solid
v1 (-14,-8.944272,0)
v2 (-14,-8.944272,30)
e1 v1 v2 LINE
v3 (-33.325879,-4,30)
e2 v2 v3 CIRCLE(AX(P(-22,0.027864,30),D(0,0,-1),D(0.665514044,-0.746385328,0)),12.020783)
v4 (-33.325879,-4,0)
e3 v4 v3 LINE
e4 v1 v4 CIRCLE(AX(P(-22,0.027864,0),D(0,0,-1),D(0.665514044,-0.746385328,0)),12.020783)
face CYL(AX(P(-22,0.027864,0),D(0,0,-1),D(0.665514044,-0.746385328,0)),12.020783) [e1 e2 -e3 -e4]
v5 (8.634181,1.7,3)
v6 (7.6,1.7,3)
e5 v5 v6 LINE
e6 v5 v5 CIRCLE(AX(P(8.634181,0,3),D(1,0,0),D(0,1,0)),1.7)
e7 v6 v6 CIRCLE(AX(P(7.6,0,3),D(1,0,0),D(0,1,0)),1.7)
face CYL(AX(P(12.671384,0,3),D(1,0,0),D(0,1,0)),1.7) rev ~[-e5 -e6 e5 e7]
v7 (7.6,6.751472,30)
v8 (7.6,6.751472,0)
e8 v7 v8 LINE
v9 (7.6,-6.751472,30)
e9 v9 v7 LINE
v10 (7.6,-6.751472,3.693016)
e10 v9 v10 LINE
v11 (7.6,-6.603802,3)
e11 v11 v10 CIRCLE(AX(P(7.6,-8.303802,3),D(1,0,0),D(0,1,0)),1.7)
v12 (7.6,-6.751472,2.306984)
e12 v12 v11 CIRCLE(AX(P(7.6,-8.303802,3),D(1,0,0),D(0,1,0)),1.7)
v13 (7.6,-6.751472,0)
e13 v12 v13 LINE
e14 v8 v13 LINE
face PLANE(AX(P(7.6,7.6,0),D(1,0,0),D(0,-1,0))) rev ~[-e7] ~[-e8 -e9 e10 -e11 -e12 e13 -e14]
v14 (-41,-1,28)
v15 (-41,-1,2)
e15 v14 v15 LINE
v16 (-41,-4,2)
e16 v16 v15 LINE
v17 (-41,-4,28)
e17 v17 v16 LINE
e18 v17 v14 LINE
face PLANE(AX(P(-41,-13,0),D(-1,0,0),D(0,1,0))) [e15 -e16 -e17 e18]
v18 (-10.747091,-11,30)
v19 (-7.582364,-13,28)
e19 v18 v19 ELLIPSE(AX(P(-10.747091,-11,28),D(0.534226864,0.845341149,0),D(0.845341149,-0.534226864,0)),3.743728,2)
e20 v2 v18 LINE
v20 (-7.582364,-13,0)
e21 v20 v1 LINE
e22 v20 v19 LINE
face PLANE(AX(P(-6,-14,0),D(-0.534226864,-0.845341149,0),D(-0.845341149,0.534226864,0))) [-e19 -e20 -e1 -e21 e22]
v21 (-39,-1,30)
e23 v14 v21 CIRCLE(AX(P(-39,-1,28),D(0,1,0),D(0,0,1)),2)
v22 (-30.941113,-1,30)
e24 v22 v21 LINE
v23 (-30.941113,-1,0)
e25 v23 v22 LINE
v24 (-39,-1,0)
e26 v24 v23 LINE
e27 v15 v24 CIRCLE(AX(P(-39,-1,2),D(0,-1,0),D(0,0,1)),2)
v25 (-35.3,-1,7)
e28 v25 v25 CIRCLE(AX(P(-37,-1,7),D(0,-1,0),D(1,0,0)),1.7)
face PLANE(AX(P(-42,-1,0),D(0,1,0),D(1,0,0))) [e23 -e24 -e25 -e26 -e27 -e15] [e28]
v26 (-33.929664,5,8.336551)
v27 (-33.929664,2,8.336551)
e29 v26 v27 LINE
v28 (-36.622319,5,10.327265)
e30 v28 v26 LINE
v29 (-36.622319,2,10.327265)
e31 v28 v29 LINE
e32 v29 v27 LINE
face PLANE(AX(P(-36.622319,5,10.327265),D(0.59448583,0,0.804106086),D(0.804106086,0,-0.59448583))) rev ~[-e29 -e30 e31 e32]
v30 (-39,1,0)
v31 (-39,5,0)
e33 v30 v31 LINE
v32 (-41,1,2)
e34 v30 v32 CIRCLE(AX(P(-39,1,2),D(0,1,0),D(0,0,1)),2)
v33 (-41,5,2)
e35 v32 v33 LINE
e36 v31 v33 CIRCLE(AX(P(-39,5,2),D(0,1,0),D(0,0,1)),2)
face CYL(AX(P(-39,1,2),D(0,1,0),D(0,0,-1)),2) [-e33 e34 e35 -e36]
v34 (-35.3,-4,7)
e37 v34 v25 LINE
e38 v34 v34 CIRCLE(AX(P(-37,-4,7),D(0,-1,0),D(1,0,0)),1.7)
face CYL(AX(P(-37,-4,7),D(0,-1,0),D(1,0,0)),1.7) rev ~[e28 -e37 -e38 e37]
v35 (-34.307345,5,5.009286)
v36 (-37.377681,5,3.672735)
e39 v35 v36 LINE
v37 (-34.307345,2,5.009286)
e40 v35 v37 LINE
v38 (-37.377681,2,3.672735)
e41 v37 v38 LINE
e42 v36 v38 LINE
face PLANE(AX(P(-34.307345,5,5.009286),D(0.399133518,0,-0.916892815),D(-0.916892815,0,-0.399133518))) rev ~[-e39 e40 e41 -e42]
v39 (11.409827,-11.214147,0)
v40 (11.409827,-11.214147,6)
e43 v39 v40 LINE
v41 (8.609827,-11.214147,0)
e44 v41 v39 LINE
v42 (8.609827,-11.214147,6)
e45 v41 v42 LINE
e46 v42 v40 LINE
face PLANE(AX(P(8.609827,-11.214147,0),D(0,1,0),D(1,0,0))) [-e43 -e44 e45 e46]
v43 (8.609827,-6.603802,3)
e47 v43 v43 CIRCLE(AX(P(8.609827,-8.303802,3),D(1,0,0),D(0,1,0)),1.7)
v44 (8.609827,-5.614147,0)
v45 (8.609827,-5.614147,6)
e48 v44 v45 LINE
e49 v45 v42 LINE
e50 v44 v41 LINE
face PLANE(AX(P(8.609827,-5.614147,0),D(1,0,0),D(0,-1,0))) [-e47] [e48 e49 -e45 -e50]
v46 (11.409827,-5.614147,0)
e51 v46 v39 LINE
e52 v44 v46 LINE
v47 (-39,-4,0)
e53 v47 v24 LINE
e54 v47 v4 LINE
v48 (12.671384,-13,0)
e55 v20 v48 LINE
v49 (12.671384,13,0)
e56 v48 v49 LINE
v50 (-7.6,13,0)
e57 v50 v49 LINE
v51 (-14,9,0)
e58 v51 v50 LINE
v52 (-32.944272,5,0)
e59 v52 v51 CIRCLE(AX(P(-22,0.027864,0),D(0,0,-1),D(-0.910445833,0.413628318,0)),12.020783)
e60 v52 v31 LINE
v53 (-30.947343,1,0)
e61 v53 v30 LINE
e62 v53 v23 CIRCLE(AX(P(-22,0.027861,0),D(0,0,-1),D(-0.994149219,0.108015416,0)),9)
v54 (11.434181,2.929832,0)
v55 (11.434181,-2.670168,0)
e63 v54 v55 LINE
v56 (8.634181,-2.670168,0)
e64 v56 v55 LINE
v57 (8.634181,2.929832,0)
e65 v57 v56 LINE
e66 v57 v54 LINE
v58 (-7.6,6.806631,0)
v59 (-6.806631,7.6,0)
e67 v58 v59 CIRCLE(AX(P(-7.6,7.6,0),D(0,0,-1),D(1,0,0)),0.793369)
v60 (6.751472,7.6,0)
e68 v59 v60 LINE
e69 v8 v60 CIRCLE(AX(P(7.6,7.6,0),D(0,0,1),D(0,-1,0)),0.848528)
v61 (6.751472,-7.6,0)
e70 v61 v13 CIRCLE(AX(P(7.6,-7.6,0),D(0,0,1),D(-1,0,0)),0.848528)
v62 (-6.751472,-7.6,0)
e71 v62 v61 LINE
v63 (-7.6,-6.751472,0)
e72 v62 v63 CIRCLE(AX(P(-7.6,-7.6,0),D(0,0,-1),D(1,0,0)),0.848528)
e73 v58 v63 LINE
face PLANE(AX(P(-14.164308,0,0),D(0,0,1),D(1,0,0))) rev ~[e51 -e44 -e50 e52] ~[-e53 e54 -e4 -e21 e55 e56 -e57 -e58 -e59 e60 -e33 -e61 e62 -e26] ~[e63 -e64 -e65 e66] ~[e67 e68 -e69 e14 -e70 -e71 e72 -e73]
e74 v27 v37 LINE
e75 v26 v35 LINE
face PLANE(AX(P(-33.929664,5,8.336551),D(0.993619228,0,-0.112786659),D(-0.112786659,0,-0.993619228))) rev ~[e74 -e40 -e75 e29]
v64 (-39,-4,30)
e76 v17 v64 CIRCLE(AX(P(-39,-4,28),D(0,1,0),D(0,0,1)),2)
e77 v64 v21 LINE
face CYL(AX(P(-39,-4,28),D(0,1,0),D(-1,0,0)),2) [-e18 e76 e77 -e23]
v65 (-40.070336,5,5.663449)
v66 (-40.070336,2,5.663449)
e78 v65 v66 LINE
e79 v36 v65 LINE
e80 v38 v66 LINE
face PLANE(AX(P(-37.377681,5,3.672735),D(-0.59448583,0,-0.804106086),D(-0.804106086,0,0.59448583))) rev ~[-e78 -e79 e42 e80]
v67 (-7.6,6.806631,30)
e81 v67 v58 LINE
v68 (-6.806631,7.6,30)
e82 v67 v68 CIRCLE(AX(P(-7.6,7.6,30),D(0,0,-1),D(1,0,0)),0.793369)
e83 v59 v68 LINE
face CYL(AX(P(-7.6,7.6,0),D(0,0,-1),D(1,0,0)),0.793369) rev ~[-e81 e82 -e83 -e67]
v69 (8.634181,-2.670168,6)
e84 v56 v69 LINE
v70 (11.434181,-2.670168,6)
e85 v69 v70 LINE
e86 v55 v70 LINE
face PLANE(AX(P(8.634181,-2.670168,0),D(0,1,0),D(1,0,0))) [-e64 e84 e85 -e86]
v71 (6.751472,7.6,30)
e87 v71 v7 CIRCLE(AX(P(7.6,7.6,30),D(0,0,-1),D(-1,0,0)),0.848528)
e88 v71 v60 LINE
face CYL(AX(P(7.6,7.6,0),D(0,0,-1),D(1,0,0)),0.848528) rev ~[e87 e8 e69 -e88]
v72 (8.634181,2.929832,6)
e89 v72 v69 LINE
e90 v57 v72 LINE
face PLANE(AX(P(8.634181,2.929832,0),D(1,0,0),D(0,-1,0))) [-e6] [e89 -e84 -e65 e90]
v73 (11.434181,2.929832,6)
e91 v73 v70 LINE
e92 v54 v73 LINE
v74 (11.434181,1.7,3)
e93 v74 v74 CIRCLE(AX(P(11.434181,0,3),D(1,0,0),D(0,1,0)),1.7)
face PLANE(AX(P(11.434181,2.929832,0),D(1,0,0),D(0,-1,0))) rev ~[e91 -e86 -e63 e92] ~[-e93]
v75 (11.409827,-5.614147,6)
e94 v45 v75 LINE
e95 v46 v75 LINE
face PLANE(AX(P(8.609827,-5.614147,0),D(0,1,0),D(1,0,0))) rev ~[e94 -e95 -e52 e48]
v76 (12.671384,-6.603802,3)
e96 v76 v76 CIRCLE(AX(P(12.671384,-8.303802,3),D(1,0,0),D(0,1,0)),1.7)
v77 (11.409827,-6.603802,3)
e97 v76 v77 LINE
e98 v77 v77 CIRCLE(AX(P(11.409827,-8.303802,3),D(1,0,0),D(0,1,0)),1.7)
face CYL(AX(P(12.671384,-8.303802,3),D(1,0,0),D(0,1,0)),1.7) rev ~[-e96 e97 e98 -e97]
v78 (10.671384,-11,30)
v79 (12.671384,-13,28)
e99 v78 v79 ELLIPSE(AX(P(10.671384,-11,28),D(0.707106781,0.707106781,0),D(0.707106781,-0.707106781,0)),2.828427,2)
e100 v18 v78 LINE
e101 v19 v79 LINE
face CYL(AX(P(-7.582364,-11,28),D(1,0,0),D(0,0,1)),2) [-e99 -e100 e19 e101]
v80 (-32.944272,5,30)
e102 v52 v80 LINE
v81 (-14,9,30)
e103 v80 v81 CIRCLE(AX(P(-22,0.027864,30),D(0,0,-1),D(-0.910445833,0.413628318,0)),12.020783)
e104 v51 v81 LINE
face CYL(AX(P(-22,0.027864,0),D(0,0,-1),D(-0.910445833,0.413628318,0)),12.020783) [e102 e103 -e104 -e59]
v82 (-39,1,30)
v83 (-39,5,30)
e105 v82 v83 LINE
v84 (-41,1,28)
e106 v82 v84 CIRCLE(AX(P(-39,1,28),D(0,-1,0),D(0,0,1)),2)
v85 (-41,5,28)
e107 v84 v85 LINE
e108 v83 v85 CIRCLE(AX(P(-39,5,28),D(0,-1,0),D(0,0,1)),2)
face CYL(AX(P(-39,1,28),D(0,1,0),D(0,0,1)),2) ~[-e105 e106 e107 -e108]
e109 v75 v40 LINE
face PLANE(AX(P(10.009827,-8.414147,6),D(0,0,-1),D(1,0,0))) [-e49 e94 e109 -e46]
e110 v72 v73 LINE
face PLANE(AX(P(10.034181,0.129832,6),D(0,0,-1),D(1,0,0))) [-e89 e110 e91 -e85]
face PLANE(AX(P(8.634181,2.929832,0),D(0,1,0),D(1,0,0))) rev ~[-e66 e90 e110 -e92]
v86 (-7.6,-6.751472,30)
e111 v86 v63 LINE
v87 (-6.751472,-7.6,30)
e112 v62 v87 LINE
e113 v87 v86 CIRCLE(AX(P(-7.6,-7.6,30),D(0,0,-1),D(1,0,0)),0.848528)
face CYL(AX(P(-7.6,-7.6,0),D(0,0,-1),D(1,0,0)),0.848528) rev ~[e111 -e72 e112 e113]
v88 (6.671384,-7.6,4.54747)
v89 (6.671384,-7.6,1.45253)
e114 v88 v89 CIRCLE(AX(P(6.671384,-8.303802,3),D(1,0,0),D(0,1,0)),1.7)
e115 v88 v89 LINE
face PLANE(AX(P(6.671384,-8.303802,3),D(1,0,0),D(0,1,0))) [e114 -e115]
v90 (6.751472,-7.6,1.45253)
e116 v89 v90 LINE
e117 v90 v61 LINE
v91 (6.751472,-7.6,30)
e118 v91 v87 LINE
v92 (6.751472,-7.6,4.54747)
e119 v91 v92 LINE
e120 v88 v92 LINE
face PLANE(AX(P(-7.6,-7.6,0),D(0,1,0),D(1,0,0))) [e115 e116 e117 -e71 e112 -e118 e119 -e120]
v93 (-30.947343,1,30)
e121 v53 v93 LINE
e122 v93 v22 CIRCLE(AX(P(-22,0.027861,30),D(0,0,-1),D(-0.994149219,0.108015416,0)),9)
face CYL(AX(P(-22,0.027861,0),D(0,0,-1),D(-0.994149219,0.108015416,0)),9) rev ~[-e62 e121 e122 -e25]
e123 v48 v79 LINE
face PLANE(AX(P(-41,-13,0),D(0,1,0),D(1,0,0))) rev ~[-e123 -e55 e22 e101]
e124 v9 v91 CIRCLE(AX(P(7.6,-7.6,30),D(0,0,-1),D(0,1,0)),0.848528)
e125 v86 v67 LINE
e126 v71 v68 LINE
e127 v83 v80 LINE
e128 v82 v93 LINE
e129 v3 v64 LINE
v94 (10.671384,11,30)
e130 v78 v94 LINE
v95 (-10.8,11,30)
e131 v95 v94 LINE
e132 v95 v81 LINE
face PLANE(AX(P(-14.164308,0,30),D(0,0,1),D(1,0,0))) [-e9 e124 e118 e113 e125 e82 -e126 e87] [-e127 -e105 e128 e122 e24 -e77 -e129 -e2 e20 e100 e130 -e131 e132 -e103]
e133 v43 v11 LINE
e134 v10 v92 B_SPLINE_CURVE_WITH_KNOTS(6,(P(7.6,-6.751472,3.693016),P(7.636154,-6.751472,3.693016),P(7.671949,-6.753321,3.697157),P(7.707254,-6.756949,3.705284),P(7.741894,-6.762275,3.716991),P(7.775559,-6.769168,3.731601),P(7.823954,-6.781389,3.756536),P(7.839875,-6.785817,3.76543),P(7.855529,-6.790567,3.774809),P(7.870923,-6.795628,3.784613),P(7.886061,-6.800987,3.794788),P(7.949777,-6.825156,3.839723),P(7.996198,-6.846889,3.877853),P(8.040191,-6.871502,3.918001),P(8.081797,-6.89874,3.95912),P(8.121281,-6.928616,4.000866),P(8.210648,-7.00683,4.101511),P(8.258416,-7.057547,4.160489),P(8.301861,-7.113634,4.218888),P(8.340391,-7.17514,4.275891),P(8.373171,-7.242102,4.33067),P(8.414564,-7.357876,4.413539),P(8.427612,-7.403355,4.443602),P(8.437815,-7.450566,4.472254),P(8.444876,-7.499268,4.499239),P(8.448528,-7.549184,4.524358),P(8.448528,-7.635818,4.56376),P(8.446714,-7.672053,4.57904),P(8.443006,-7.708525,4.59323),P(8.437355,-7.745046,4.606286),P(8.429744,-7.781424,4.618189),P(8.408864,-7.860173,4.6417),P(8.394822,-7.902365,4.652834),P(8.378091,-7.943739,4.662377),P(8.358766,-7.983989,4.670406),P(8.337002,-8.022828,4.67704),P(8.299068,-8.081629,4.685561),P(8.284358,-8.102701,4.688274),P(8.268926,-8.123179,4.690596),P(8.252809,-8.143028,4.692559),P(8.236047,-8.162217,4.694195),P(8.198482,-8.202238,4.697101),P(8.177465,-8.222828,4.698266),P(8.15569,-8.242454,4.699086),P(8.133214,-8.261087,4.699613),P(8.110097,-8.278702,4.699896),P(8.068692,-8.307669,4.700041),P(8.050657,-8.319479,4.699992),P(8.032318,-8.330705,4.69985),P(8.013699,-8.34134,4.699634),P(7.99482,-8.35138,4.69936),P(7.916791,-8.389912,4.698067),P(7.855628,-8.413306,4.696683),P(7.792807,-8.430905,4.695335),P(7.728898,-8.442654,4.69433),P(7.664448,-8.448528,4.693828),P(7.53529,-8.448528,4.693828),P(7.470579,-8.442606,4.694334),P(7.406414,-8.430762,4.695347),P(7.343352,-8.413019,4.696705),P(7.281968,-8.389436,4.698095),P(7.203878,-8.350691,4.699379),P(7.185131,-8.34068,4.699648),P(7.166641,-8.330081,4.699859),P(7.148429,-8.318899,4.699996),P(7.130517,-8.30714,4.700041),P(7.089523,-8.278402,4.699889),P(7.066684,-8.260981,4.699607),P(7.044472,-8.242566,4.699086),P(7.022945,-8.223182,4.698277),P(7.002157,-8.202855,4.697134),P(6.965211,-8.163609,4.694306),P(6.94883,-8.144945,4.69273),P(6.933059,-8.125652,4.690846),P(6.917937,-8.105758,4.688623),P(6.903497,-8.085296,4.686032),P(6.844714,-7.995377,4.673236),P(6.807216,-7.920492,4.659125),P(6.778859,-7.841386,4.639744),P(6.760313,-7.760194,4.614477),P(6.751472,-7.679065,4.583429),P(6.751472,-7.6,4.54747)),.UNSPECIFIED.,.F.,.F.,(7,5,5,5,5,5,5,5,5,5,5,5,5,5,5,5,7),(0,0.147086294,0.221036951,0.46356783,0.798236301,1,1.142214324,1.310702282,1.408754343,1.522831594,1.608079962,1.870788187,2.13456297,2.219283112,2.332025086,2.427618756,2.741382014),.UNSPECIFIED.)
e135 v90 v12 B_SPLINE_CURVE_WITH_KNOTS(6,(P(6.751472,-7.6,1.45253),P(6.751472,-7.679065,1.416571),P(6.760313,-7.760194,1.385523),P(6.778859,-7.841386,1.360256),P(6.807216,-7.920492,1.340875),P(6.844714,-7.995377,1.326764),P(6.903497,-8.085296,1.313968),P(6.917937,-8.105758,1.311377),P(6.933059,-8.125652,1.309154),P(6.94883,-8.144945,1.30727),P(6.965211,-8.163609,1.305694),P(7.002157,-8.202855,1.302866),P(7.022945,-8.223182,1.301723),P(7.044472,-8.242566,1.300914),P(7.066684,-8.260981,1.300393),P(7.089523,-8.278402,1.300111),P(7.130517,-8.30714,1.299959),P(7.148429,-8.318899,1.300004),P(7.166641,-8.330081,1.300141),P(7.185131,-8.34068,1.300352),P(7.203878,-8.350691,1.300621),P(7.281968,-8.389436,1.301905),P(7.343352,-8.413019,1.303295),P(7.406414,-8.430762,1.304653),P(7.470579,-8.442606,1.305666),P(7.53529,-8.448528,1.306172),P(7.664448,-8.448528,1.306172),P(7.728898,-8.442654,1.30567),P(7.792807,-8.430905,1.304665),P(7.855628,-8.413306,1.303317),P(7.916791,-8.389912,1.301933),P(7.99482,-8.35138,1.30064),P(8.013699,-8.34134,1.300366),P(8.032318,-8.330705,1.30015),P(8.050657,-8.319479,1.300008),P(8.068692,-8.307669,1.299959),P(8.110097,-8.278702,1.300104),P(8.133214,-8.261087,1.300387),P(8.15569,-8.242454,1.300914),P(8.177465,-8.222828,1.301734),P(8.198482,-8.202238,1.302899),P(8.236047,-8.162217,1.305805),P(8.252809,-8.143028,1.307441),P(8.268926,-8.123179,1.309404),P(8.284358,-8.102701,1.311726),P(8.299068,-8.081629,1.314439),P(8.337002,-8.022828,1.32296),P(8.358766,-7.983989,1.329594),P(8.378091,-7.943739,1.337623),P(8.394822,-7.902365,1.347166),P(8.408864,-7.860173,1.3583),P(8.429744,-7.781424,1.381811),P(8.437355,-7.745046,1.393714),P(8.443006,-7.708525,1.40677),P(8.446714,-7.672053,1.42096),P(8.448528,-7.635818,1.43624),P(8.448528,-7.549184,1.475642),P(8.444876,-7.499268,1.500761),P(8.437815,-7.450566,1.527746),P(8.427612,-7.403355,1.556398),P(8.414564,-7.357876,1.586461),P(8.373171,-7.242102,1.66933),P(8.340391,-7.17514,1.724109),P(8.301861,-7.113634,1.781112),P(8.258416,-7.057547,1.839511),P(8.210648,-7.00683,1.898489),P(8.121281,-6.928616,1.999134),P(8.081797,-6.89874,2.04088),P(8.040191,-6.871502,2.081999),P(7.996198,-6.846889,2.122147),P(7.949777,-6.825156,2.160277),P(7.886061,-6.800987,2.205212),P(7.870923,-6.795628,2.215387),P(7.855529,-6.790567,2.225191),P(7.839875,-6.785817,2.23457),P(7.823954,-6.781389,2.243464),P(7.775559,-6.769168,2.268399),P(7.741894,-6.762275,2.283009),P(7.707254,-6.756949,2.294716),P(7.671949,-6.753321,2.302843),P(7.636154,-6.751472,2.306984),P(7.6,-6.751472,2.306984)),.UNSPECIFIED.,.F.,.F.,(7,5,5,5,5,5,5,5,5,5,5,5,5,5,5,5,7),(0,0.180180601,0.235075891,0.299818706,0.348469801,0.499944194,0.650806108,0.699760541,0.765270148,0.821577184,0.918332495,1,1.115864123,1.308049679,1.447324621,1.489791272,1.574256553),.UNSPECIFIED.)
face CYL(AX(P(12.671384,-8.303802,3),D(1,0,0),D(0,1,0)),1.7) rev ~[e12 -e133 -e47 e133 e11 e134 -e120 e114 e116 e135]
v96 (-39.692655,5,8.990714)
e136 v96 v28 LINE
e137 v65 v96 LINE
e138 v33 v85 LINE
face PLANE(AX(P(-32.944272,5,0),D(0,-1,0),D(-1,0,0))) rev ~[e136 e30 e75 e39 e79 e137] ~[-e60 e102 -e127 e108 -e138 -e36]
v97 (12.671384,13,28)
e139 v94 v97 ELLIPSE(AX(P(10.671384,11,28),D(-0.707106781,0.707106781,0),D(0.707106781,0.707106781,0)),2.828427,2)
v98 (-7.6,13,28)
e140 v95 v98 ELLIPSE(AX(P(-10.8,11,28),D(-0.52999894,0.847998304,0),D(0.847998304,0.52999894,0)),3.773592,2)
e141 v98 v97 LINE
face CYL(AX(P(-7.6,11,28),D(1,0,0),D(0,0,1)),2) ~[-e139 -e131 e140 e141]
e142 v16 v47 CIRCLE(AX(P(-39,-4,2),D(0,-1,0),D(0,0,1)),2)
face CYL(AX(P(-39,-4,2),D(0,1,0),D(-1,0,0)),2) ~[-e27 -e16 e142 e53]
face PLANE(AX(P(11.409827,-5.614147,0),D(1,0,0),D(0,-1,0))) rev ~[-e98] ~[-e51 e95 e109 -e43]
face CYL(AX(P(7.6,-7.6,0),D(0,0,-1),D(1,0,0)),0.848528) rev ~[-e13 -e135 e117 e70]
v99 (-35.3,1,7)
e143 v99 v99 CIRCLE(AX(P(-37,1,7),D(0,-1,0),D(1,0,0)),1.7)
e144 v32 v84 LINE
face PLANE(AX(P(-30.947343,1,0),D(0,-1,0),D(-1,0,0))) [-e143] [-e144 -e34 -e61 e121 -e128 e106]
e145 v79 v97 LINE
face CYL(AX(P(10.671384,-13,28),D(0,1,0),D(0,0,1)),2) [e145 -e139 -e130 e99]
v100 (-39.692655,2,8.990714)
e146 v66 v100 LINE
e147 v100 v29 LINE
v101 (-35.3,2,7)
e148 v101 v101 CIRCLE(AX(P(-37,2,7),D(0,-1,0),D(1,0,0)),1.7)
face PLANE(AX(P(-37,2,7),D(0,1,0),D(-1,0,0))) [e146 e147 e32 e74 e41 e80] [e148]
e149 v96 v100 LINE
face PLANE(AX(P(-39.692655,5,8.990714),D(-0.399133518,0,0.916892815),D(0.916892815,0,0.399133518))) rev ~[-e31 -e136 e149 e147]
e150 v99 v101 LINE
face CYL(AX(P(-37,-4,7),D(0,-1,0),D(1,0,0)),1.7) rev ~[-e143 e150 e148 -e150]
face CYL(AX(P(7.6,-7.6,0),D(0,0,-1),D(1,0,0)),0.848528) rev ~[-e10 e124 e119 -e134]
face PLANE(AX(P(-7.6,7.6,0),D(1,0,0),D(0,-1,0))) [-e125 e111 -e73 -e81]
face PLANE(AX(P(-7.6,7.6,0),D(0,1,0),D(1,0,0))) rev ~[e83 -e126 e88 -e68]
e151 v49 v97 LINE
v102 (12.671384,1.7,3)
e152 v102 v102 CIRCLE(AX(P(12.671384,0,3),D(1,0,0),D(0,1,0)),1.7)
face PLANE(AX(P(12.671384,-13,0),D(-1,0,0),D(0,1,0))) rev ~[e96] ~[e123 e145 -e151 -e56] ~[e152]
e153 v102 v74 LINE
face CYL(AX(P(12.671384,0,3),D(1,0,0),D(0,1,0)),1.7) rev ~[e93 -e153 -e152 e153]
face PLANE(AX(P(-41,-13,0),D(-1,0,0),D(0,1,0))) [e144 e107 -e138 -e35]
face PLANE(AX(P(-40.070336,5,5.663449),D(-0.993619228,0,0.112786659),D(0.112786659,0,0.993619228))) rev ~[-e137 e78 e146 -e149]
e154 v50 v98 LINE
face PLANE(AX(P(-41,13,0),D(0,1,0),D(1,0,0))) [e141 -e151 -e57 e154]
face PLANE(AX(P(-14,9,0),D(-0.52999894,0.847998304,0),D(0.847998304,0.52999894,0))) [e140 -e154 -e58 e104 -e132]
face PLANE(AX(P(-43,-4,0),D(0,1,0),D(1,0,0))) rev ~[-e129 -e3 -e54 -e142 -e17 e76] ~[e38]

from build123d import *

# Parameters (mm, degrees)
SKETCH_W        = 53.671384
SKETCH_H        = 26
PAD_DEPTH       = 30
SKETCH001_W     = 15.2
SKETCH001_H     = 15.2
POCKET_DEPTH    = 30.001
SKETCH002_R     = 0.848528
SKETCH002_R_2   = 0.793369
POCKET001_DEPTH = 30.001
SKETCH003_W     = 2.8
SKETCH003_H     = 5.6
POCKET002_DEPTH = 6
SKETCH004_R     = 1.7
POCKET003_DEPTH = 6
SKETCH005_R     = 1.7
POCKET004_DEPTH = 17.001
POCKET005_DEPTH = 3
FILLET_R        = 2
FILLET001_R     = 2


with BuildPart() as part:
    # Sketch → Pad (new body)
    with BuildSketch(Plane.XY):
        with Locations((-14.164308, 0)):
            Rectangle(SKETCH_W, SKETCH_H)
    extrude(amount=PAD_DEPTH)

    # Sketch001 → Pocket (cut, through all)
    with BuildSketch(Plane(origin=(0, 0, 0), x_dir=(1, 0, 0), z_dir=(0, 0, -1))):
        Rectangle(SKETCH001_W, SKETCH001_H)
        with BuildLine():
            ThreePointArc((-30.947343, -1), (-13.000044, -0.055902), (-30.941113, 1))
            Line((-42, 1), (-30.941113, 1))
            Line((-42, -1), (-42, 1))
            Line((-30.947343, -1), (-42, -1))
        make_face()
        with BuildLine():
            ThreePointArc((-14, 8.944272), (-24.9794, 11.617839), (-33.325879, 4))
            Line((-43, 4), (-33.325879, 4))
            Line((-43, 4), (-43, 14))
            Line((-43, 14), (-6, 14))
            Line((-6, 14), (-14, 8.944272))
        make_face()
        with BuildLine():
            Line((-6, -14), (-43, -14))
            Line((-43, -14), (-43, -5))
            Line((-32.944272, -5), (-43, -5))
            ThreePointArc((-32.944272, -5), (-24.483382, -11.789328), (-14, -9))
            Line((-14, -9), (-6, -14))
        make_face()
    extrude(amount=-POCKET_DEPTH, mode=Mode.SUBTRACT)

    # Sketch002 → Pocket001 (cut, through all)
    with BuildSketch(Plane(origin=(0, 0, 0), x_dir=(1, 0, 0), z_dir=(0, 0, -1))):
        with Locations((7.6, -7.6)):
            Circle(SKETCH002_R)
        with Locations((-7.6, -7.6)):
            Circle(SKETCH002_R_2)
        with Locations((-7.6, 7.6)):
            Circle(SKETCH002_R)
        with Locations((7.6, 7.6)):
            Circle(SKETCH002_R)
    extrude(amount=-POCKET001_DEPTH, mode=Mode.SUBTRACT)

    # Sketch003 → Pocket002 (cut)
    with BuildSketch(Plane(origin=(0, 0, 0), x_dir=(1, 0, 0), z_dir=(0, 0, -1))):
        with Locations((10.009827, 8.414147)):
            Rectangle(SKETCH003_W, SKETCH003_H)
        with Locations((10.034181, -0.129832)):
            Rectangle(SKETCH003_W, SKETCH003_H)
    extrude(amount=-POCKET002_DEPTH, mode=Mode.SUBTRACT)

    # Sketch004 → Pocket003 (cut)
    with BuildSketch(Plane.YZ.offset(12.671384)):
        with Locations((0, 3)):
            Circle(SKETCH004_R)
        with Locations((-8.303802, 3)):
            Circle(SKETCH004_R)
    extrude(amount=-POCKET003_DEPTH, mode=Mode.SUBTRACT)

    # Sketch005 → Pocket004 (cut, through all)
    with BuildSketch(Plane.XZ.offset(4)):
        with Locations((-37, 7)):
            Circle(SKETCH005_R)
    extrude(amount=-POCKET004_DEPTH, mode=Mode.SUBTRACT)

    # Sketch006 → Pocket005 (cut)
    with BuildSketch(Plane(origin=(0, 5, 0), x_dir=(-1, 0, 0), z_dir=(0, 1, 0))):
        Polygon((39.692655, 8.990714), (36.622319, 10.327265), (33.929664, 8.336551), (34.307345, 5.009286), (37.377681, 3.672735), (40.070336, 5.663449), align=None)
    extrude(amount=-POCKET005_DEPTH, mode=Mode.SUBTRACT)

    # Fillet
    fillet_edges = [part.edges().sort_by_distance(p)[0] for p in [
        (2.54451, -13, 30),
        (12.671384, 0, 30),
        (2.535692, 13, 30),
        (-41, -2.5, 30),
        (-41, 3, 30),
    ]]
    fillet(fillet_edges, radius=FILLET_R)

    # Fillet001
    fillet001_edges = [part.edges().sort_by_distance(p)[0] for p in [
        (-41, 3, 0),
        (-41, -2.5, 0),
    ]]
    fillet(fillet001_edges, radius=FILLET001_R)


solid = part.part
